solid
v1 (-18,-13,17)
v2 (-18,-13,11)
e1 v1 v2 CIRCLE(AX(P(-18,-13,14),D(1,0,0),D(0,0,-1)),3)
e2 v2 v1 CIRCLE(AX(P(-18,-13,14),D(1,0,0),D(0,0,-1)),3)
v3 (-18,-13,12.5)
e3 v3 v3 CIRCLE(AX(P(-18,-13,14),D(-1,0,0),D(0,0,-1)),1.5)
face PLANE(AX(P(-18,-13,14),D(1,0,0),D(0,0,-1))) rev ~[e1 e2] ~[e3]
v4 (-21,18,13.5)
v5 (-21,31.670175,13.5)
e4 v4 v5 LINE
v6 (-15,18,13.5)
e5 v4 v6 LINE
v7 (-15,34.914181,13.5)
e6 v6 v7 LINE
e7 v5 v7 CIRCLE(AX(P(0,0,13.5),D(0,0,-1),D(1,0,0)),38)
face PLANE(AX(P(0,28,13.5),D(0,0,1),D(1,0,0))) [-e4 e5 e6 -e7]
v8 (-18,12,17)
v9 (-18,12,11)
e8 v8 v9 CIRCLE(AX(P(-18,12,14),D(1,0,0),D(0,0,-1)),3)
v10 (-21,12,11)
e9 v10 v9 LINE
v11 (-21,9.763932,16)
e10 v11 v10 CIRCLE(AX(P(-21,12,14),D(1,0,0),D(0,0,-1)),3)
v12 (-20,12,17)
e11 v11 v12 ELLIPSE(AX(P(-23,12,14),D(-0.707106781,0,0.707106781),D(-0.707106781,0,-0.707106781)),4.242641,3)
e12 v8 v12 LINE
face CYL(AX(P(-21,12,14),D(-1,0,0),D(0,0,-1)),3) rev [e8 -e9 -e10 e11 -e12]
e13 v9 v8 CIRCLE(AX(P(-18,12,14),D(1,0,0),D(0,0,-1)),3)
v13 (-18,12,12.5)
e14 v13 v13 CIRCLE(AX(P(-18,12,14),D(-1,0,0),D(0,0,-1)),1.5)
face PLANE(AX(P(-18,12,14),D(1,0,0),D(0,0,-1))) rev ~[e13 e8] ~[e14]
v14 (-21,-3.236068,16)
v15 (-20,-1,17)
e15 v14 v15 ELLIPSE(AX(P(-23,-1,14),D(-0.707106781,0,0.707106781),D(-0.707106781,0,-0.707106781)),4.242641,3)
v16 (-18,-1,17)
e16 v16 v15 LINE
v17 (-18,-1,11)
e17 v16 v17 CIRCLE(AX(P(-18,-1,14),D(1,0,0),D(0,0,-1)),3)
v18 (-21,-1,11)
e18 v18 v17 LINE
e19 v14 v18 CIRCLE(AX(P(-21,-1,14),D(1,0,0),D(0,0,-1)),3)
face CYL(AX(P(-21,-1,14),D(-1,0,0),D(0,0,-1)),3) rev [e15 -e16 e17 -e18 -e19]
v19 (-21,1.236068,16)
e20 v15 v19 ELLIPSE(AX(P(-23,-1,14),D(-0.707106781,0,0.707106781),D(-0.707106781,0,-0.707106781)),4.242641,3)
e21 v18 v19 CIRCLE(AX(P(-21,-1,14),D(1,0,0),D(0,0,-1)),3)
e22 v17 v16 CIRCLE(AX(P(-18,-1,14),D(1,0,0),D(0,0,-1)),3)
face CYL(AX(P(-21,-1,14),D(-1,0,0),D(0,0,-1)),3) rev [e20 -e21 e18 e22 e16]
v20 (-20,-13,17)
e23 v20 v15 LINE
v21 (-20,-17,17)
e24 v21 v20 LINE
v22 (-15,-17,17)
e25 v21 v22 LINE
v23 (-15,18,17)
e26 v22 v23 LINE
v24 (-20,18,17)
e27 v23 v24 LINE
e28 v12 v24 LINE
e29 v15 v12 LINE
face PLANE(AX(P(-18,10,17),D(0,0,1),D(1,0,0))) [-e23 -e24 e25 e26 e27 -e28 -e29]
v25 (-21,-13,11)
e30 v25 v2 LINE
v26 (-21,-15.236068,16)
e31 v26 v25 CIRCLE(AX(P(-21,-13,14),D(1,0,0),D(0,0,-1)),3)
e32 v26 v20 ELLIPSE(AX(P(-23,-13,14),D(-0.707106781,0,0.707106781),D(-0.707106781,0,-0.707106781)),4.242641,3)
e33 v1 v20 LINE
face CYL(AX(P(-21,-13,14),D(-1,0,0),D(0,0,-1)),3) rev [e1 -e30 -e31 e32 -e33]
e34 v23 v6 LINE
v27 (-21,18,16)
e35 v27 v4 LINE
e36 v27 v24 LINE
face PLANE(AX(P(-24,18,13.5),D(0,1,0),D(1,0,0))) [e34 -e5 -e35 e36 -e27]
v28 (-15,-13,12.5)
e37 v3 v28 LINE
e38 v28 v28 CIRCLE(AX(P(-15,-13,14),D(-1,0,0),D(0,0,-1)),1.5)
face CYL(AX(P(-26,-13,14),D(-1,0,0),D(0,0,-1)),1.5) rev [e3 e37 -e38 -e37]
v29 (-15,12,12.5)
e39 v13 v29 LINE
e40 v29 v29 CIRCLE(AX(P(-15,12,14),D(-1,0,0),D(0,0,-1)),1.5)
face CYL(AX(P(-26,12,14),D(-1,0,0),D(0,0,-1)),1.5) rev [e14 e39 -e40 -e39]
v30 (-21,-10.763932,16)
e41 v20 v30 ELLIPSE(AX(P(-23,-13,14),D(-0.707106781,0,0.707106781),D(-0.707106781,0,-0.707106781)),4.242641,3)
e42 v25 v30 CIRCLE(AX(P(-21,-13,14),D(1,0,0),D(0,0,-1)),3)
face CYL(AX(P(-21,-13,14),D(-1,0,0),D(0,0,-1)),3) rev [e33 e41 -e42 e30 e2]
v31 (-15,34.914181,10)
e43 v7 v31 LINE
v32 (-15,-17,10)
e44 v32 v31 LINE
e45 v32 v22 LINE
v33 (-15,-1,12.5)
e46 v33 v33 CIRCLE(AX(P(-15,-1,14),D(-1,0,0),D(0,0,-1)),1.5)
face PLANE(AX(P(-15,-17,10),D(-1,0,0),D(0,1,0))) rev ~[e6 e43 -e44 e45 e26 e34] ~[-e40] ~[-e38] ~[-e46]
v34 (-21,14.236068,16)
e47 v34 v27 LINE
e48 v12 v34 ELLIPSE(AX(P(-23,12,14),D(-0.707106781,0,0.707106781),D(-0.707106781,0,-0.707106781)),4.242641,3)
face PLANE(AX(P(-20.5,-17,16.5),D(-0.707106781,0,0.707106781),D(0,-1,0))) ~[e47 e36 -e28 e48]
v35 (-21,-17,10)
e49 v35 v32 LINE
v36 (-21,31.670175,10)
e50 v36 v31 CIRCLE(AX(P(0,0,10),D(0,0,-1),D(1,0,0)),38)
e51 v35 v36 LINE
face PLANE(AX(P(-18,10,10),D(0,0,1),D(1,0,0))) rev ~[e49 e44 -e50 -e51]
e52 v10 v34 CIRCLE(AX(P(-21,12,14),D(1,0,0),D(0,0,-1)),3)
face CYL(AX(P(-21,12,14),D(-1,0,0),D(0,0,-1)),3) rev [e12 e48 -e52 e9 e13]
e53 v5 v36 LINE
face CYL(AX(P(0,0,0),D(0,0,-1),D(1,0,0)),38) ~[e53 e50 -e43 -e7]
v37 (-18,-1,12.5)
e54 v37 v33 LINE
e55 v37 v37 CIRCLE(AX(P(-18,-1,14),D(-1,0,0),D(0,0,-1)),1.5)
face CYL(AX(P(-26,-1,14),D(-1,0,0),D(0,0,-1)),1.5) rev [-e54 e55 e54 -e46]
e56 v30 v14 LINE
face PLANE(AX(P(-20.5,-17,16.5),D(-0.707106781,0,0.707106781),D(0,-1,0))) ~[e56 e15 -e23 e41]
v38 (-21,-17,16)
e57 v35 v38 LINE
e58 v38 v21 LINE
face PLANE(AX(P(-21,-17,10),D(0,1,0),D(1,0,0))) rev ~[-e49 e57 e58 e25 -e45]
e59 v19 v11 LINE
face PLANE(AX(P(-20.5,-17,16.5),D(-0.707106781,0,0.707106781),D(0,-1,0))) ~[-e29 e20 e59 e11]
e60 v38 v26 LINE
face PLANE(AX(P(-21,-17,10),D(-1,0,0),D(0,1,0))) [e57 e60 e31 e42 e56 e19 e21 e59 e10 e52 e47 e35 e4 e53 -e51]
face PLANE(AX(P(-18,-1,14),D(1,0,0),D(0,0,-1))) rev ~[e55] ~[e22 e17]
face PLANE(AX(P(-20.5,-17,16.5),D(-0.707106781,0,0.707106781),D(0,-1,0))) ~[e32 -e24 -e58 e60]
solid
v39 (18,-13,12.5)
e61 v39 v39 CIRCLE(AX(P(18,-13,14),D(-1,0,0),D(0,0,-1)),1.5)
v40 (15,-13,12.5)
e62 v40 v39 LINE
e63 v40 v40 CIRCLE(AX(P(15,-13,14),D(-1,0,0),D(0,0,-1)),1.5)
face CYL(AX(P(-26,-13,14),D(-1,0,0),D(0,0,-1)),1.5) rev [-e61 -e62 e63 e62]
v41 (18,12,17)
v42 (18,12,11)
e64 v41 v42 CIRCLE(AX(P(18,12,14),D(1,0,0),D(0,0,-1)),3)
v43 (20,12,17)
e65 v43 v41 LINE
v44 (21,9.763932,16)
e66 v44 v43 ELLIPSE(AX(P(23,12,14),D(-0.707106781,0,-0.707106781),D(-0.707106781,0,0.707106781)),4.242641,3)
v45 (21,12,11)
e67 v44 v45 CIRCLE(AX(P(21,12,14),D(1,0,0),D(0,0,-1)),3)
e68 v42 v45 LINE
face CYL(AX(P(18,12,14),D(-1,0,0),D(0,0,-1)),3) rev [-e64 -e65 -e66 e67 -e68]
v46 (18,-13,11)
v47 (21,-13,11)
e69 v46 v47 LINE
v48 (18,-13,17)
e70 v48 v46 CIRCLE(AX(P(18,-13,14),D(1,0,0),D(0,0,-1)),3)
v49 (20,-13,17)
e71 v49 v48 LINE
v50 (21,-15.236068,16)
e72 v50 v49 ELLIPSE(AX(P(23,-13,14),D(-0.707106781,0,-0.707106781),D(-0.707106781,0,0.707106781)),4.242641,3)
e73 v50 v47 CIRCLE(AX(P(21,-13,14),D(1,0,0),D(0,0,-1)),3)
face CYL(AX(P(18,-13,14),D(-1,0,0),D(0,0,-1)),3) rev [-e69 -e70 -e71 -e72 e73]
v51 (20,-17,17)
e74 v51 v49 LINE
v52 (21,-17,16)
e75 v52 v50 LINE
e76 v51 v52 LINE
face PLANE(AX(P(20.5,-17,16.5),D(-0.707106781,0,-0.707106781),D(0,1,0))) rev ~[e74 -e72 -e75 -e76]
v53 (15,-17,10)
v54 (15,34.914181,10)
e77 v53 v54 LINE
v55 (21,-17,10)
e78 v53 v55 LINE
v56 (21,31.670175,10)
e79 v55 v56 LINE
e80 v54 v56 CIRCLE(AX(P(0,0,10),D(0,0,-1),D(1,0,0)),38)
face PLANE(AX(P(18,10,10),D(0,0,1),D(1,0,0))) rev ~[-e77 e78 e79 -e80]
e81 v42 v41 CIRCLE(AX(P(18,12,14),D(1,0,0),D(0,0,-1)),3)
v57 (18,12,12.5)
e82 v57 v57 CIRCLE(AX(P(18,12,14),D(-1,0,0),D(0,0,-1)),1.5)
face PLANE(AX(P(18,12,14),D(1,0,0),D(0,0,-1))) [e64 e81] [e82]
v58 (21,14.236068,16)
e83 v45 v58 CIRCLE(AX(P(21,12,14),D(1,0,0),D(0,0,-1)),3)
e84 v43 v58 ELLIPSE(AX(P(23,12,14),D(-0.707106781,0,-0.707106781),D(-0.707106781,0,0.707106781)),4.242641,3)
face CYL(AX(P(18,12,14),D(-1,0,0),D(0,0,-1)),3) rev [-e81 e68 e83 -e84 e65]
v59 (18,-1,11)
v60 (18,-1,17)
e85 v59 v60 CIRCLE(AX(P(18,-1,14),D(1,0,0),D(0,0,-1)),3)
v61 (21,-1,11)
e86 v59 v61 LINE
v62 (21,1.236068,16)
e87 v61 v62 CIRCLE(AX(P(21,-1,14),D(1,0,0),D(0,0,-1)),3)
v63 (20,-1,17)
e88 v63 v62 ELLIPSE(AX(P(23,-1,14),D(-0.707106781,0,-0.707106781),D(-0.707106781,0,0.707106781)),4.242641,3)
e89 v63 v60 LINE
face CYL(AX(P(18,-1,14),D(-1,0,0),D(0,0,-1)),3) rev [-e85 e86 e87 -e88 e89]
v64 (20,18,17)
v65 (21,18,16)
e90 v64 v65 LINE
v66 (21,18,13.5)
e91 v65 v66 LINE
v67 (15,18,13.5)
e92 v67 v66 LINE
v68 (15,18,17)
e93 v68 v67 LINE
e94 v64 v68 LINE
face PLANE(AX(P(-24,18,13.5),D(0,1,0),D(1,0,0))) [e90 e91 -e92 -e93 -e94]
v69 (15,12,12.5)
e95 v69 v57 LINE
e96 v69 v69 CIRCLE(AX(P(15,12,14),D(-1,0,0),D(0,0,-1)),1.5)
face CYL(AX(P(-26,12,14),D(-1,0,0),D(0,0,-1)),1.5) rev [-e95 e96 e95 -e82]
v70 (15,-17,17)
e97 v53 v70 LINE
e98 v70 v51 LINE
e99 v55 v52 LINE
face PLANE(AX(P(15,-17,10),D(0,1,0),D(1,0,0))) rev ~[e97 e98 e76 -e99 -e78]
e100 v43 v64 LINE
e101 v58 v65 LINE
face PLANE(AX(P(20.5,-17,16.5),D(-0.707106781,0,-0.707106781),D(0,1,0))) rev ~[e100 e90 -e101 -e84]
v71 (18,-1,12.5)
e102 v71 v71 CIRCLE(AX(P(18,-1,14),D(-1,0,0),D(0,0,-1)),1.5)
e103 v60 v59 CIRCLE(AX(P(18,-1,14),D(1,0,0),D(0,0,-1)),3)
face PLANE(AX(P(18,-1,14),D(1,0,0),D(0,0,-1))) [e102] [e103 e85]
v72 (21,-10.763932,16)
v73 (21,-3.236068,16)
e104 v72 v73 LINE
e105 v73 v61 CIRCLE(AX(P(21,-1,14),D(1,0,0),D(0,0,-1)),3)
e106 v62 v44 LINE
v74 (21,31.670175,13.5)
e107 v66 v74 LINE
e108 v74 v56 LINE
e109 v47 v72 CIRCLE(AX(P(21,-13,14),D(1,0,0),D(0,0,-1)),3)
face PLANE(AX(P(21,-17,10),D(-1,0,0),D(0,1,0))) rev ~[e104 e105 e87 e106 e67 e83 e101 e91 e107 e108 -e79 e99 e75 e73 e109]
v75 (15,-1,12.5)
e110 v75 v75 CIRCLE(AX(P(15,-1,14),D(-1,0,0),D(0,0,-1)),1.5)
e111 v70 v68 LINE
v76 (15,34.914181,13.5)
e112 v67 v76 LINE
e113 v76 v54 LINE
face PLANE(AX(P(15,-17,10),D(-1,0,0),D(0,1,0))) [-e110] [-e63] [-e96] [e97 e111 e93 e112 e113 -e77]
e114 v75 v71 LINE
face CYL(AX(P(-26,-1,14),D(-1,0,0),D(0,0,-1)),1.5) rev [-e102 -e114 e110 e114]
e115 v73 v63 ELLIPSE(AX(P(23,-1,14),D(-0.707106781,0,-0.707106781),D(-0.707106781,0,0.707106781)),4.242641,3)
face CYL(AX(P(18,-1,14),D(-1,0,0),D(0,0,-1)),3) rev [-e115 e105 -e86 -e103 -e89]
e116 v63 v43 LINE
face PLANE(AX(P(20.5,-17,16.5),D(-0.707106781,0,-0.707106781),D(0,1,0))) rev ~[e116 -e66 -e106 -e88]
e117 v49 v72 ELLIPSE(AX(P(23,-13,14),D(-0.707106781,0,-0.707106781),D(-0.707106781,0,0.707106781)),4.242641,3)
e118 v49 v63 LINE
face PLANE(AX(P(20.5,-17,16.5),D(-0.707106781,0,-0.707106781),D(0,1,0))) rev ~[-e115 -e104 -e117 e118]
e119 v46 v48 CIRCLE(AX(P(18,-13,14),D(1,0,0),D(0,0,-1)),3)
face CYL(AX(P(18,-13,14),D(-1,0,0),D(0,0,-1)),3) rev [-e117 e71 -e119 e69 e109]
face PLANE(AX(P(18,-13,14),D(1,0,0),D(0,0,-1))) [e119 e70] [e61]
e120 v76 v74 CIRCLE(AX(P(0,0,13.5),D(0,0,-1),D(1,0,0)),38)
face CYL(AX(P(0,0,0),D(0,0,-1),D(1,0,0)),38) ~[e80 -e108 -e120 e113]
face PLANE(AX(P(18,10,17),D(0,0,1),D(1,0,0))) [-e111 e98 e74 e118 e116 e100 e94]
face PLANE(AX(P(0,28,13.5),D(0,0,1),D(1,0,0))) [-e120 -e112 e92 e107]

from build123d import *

# Parameters (mm, degrees)
BOX1065_W          = 48
BOX1065_H          = 20
BOX1065_DEPTH      = 18
CYLINDER2846_R     = 1.5
CYLINDER2846_DEPTH = 64
CYLINDER2847_R     = 1.5
CYLINDER2847_DEPTH = 64
CYLINDER2838_R     = 1.5
CYLINDER2838_DEPTH = 64
CYLINDER2843_R     = 3
CYLINDER2843_DEPTH = 3
CYLINDER2849_R     = 3
CYLINDER2849_DEPTH = 3
CYLINDER2845_R     = 3
CYLINDER2845_DEPTH = 3
CYLINDER2844_R     = 3
CYLINDER2844_DEPTH = 3
CYLINDER2837_R     = 3
CYLINDER2837_DEPTH = 3
CYLINDER2848_R     = 3
CYLINDER2848_DEPTH = 3
CYLINDER2841_R     = 38
CYLINDER2841_DEPTH = 20
BOX1064_W          = 6
BOX1064_H          = 54
BOX1064_DEPTH      = 7
BOX1063_W          = 6
BOX1063_H          = 54
BOX1063_DEPTH      = 7
CHAMFER157_SIZE    = 1


with BuildPart() as krychle1064:
    # Box1065 → Box1065 (new body)
    with BuildSketch(Plane(origin=(-24, 18, 13.5), x_dir=(1, 0, 0), z_dir=(0, 0, 1))):
        with Locations((24, 10)):
            Rectangle(BOX1065_W, BOX1065_H)
    extrude(amount=BOX1065_DEPTH)


with BuildPart() as v_lec2816:
    # Cylinder2846 → Cylinder2846 (new body)
    with BuildSketch(Plane(origin=(-26, -11, 13), x_dir=(0, 0, -1), z_dir=(1, 0, 0))):
        Circle(CYLINDER2846_R)
    extrude(amount=CYLINDER2846_DEPTH)


with BuildPart() as v_lec2817:
    # Cylinder2847 → Cylinder2847 (new body)
    with BuildSketch(Plane(origin=(-26, 14, 13), x_dir=(0, 0, -1), z_dir=(1, 0, 0))):
        Circle(CYLINDER2847_R)
    extrude(amount=CYLINDER2847_DEPTH)


with BuildPart() as compound1268:
    # Cylinder2838 → Cylinder2838 (new body)
    with BuildSketch(Plane(origin=(-26, 1, 13), x_dir=(0, 0, -1), z_dir=(1, 0, 0))):
        Circle(CYLINDER2838_R)
    extrude(amount=CYLINDER2838_DEPTH)

    # Compound1268: union Válec2816, Válec2817
    add(v_lec2816.part)
    add(v_lec2817.part)


with BuildPart() as compound1268_1:
    # Compound1268 placement: moved
    add(compound1268.part.moved(Location((0, -2, 1))))


with BuildPart() as v_lec2813:
    # Cylinder2843 → Cylinder2843 (new body)
    with BuildSketch(Plane(origin=(-26, -11, 13), x_dir=(0, 0, -1), z_dir=(1, 0, 0))):
        Circle(CYLINDER2843_R)
    extrude(amount=CYLINDER2843_DEPTH)


with BuildPart() as v_lec2819:
    # Cylinder2849 → Cylinder2849 (new body)
    with BuildSketch(Plane(origin=(-26, 14, 13), x_dir=(0, 0, -1), z_dir=(1, 0, 0))):
        Circle(CYLINDER2849_R)
    extrude(amount=CYLINDER2849_DEPTH)


with BuildPart() as compound1270:
    # Cylinder2845 → Cylinder2845 (new body)
    with BuildSketch(Plane(origin=(-26, 1, 13), x_dir=(0, 0, -1), z_dir=(1, 0, 0))):
        Circle(CYLINDER2845_R)
    extrude(amount=CYLINDER2845_DEPTH)

    # Compound1270: union Válec2813, Válec2819
    add(v_lec2813.part)
    add(v_lec2819.part)


with BuildPart() as compound1270_1:
    # Compound1270 placement: moved
    add(compound1270.part.moved(Location((5, -2, 1))))


with BuildPart() as v_lec2814:
    # Cylinder2844 → Cylinder2844 (new body)
    with BuildSketch(Plane(origin=(-26, -11, 13), x_dir=(0, 0, -1), z_dir=(1, 0, 0))):
        Circle(CYLINDER2844_R)
    extrude(amount=CYLINDER2844_DEPTH)


with BuildPart() as v_lec2807:
    # Cylinder2837 → Cylinder2837 (new body)
    with BuildSketch(Plane(origin=(-26, 14, 13), x_dir=(0, 0, -1), z_dir=(1, 0, 0))):
        Circle(CYLINDER2837_R)
    extrude(amount=CYLINDER2837_DEPTH)


with BuildPart() as compound1269:
    # Cylinder2848 → Cylinder2848 (new body)
    with BuildSketch(Plane(origin=(-26, 1, 13), x_dir=(0, 0, -1), z_dir=(1, 0, 0))):
        Circle(CYLINDER2848_R)
    extrude(amount=CYLINDER2848_DEPTH)

    # Compound1269: union Válec2814, Válec2807
    add(v_lec2814.part)
    add(v_lec2807.part)


with BuildPart() as compound1269_1:
    # Compound1269 placement: moved
    add(compound1269.part.moved(Location((44, -2, 1))))


with BuildPart() as v_lec2811:
    # Cylinder2841 → Cylinder2841 (new body)
    with BuildSketch(Plane.XY):
        Circle(CYLINDER2841_R)
    extrude(amount=CYLINDER2841_DEPTH)


with BuildPart() as krychle1063:
    # Box1064 → Box1064 (new body)
    with BuildSketch(Plane(origin=(-21, -17, 10), x_dir=(1, 0, 0), z_dir=(0, 0, 1))):
        with Locations((3, 27)):
            Rectangle(BOX1064_W, BOX1064_H)
    extrude(amount=BOX1064_DEPTH)


with BuildPart() as cut1085:
    # Box1063 → Box1063 (new body)
    with BuildSketch(Plane(origin=(15, -17, 10), x_dir=(1, 0, 0), z_dir=(0, 0, 1))):
        with Locations((3, 27)):
            Rectangle(BOX1063_W, BOX1063_H)
    extrude(amount=BOX1063_DEPTH)

    # Compound1263: union Krychle1063
    add(krychle1063.part)

    # Common013: intersect Válec2811
    add(v_lec2811.part, mode=Mode.INTERSECT)

    # Chamfer157
    chamfer157_edges = [cut1085.edges().sort_by_distance(p)[0] for p in [
        (21, 7.335088, 17),
        (-21, 7.335088, 17),
    ]]
    chamfer(chamfer157_edges, length=CHAMFER157_SIZE)

    # Cut1081: cut Compound1269
    add(compound1269_1.part, mode=Mode.SUBTRACT)

    # Cut1079: cut Compound1270
    add(compound1270_1.part, mode=Mode.SUBTRACT)

    # Cut1082: cut Compound1268
    add(compound1268_1.part, mode=Mode.SUBTRACT)

    # Cut1085: cut Krychle1064
    add(krychle1064.part, mode=Mode.SUBTRACT)


solid = cut1085.part
